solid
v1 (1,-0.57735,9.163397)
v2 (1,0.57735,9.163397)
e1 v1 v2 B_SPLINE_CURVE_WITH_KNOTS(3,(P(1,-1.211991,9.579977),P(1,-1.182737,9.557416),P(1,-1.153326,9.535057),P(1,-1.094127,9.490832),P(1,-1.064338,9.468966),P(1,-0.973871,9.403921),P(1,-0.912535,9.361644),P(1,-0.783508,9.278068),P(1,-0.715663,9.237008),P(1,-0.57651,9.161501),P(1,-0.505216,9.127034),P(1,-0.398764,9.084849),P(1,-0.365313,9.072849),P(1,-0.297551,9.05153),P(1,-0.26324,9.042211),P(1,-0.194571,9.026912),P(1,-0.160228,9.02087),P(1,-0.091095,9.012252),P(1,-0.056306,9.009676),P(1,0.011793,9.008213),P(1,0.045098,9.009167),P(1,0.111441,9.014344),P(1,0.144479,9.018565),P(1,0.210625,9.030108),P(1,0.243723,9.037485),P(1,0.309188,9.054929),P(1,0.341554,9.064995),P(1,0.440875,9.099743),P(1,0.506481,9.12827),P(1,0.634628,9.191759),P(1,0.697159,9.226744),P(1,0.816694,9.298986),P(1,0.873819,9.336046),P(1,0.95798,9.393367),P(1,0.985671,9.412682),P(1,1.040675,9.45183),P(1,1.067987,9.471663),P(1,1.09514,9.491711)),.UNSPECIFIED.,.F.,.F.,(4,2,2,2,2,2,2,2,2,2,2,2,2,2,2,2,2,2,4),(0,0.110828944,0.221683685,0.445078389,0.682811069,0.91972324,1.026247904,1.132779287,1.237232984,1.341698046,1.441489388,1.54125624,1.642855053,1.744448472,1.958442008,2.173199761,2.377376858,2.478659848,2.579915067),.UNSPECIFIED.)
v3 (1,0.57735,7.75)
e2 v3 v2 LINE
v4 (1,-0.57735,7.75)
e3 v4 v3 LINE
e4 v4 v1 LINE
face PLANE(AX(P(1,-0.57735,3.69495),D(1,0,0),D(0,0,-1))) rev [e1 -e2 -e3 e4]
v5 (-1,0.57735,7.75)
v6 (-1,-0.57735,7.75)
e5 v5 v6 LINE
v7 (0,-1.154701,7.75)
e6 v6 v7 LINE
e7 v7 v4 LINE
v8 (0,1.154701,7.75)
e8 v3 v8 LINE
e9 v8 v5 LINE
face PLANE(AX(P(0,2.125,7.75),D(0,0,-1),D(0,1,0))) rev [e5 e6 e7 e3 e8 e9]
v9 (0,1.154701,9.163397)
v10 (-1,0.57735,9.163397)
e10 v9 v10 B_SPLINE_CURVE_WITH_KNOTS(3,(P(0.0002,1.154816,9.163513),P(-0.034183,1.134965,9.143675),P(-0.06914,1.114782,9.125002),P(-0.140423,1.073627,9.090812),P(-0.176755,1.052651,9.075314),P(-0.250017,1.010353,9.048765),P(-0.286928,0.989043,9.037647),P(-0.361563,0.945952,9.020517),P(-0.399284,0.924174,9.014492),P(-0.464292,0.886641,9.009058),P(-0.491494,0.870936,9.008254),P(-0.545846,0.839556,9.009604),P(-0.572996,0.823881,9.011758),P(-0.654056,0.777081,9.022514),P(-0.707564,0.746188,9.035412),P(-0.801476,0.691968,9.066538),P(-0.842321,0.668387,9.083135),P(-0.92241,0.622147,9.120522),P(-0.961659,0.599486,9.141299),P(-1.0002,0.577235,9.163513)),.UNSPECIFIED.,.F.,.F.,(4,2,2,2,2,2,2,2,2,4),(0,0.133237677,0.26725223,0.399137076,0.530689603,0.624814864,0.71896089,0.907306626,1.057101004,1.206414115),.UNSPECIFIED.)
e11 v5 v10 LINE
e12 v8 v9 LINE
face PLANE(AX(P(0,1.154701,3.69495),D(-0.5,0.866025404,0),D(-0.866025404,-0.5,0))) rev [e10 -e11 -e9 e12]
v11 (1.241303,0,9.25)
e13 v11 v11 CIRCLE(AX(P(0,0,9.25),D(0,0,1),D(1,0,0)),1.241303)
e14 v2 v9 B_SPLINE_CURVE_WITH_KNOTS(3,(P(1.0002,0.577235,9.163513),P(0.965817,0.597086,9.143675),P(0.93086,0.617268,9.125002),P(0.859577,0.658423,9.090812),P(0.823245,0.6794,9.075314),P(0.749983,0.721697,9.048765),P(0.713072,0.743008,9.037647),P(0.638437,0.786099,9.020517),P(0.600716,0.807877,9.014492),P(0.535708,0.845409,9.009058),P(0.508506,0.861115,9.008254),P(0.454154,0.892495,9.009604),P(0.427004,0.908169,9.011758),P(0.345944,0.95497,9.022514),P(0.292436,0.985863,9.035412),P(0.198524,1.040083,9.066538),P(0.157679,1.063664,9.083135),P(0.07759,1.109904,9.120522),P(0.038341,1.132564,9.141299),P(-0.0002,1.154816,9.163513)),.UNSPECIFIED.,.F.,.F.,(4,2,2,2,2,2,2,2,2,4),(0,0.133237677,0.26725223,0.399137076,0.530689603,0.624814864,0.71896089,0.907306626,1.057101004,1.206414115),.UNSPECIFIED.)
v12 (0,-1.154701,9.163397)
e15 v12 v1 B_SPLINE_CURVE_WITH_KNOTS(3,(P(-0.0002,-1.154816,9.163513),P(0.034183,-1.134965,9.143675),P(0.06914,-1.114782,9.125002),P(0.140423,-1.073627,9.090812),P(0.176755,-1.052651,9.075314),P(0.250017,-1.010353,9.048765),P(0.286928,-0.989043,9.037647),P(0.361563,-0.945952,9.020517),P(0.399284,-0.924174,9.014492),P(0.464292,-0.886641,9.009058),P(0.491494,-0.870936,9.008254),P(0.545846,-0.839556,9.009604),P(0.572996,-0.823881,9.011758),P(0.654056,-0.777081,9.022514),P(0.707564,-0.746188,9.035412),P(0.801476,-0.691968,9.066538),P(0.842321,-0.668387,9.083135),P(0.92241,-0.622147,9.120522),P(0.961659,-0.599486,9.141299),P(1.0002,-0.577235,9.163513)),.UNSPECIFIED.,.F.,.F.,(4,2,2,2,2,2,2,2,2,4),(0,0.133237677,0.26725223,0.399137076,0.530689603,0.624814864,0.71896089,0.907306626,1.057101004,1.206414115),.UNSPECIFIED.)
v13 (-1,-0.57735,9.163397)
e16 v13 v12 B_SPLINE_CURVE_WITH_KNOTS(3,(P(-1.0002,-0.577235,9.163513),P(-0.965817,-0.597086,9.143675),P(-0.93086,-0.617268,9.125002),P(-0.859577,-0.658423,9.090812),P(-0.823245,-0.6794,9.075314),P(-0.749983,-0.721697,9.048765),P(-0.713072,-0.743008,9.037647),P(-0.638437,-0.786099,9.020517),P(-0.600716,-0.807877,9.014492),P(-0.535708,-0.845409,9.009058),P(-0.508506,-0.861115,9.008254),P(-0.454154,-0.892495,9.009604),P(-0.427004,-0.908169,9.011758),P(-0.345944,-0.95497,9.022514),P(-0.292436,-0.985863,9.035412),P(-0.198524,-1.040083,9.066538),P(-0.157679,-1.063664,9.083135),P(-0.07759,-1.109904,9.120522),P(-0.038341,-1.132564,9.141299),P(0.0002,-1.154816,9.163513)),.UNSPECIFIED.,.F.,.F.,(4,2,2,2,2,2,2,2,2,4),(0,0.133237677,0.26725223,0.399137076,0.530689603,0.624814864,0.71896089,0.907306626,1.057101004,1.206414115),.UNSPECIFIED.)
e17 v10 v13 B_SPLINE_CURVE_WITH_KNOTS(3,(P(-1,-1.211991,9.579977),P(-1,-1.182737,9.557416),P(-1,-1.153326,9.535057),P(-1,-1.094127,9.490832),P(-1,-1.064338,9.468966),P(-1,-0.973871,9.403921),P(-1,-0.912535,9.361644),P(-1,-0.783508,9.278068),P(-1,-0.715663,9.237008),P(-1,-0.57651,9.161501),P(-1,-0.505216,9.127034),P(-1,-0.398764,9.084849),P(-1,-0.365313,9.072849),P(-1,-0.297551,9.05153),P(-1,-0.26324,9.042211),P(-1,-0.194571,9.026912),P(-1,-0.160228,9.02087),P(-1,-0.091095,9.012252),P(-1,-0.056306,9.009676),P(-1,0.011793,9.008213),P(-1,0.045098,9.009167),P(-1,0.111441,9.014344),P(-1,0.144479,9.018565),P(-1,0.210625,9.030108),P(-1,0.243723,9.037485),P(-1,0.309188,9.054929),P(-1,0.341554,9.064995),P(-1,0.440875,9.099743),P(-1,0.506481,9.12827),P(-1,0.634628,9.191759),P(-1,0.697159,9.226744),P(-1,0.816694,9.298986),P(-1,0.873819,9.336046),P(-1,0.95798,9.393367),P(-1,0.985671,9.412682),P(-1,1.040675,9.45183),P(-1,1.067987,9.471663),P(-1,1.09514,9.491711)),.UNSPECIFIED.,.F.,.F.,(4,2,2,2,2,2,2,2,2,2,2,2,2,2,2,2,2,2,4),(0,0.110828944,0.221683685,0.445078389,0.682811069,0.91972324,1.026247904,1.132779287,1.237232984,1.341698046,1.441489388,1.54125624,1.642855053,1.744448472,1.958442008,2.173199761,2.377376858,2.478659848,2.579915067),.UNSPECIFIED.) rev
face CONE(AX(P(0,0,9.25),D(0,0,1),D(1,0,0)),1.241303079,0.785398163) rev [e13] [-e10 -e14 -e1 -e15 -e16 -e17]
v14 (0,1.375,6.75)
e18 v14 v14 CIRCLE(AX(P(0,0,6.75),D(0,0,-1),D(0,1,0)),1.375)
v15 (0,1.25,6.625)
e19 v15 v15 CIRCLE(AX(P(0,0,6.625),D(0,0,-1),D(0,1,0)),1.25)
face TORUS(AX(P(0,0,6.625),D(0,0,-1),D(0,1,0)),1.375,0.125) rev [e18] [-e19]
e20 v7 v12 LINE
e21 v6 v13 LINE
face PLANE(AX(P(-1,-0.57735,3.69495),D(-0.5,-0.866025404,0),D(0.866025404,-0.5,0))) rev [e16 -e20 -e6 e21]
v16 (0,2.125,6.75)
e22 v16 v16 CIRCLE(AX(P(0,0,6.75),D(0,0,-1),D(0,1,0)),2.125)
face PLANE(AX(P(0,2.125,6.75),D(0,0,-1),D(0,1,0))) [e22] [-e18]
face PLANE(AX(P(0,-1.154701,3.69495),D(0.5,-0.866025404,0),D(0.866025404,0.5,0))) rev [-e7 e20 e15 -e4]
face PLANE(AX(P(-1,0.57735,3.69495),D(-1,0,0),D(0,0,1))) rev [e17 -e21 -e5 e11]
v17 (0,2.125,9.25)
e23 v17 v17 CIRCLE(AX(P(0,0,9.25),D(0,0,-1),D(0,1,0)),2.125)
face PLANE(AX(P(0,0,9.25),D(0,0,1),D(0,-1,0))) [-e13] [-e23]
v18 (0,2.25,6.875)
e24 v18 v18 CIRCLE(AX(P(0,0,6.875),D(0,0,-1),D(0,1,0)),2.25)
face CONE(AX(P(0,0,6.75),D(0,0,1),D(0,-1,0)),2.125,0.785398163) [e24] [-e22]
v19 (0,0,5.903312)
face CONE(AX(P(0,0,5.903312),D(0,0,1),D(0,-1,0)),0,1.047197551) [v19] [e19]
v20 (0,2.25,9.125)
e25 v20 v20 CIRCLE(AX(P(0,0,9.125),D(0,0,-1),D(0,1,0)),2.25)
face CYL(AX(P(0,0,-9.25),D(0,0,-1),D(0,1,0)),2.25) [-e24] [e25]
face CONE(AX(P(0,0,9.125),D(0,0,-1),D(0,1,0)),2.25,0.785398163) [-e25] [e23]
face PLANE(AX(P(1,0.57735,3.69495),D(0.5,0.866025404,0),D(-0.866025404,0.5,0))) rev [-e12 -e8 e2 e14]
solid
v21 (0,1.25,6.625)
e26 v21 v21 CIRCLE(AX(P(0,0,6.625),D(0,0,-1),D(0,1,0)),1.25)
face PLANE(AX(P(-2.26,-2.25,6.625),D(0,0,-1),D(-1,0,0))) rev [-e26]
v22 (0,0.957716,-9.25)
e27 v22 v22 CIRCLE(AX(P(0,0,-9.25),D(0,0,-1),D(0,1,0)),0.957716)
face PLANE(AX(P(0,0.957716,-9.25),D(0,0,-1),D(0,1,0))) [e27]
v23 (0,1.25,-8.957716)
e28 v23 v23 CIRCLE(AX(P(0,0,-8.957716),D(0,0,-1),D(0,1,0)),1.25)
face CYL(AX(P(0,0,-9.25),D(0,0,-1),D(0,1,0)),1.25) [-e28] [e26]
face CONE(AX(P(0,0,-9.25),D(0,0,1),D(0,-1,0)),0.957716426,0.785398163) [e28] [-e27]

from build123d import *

# Parameters (mm, degrees)
CUT_EXTRUDE1_DEPTH     = 1.5
SPLIT1_SURFACE_1_BACK  = 20.564
SPLIT1_SURFACE_1_DEPTH = 41.128
SPLIT1_SURFACE_2_BACK  = 20.564
SPLIT1_SURFACE_2_DEPTH = 41.128


with BuildPart() as part:
    # Sketch2 → Revolve1 (revolve)
    with BuildSketch(Plane(origin=(0, 0, 0), x_dir=(0, 0, -1), z_dir=(1, 0, 0))):
        with BuildLine():
            Line((-9.25, 0), (-9.25, 2.125))
            Line((-9.25, 2.125), (-9.125, 2.25))
            Line((-9.125, 2.25), (-6.875, 2.25))
            Line((-6.875, 2.25), (-6.75, 2.125))
            Line((-6.75, 2.125), (-6.75, 1.375))
            ThreePointArc((-6.75, 1.375), (-6.713388348, 1.286611652), (-6.625, 1.25))
            Line((-6.625, 1.25), (8.957716426, 1.25))
            Line((8.957716426, 1.25), (9.25, 0.957716426))
            Line((9.25, 0.957716426), (9.25, 0))
            Line((9.25, 0), (-9.25, 0))
        make_face()
    revolve(axis=Axis((0, 0, -9.25), (0, 0, 1)))

    # Sketch3 → Cut-Extrude1 (cut)
    with BuildSketch(Plane.XY.offset(9.25)):
        Polygon((1, -0.577350269), (1, 0.577350269), (0, 1.154700538), (-1, 0.577350269), (-1, -0.577350269), (0, -1.154700538), align=None)
    extrude(amount=-CUT_EXTRUDE1_DEPTH, mode=Mode.SUBTRACT)

    # Cut-Extrude2 cone 1 section (through the dimple's axis) → Cut-Extrude2 (revolve, cut)
    with BuildSketch(Plane(origin=(0, 0, 9.25), x_dir=(0, -1, 0), z_dir=(1, 0, 0))):
        Polygon((0, 0), (1.241303079, 0), (0, 1.241303079), align=None)
    revolve(axis=Axis((0, 0, 9.25), (0, 0, -1)), mode=Mode.SUBTRACT)


with BuildPart() as body_2:
    # Split1: the piece behind the surface
    add(part.part)
    # Split1 surface: a surface, the sketch's curves swept straight by 41.128 mm
    with BuildLine(Plane(origin=(0, 0, 0), x_dir=(0, 0, -1), z_dir=(1, 0, 0)).offset(-SPLIT1_SURFACE_1_BACK), mode=Mode.PRIVATE) as split1_surface_1_path:
        Line((-6.625, -2.25), (-6.625, 2.25))
    split1_surface_1 = Shell.extrude(split1_surface_1_path.wire(), (1 * SPLIT1_SURFACE_1_DEPTH, 0 * SPLIT1_SURFACE_1_DEPTH, 0 * SPLIT1_SURFACE_1_DEPTH))
    split(bisect_by=split1_surface_1, keep=Keep.BOTTOM)


with BuildPart() as part_1:
    add(part.part)

    # Split1: split by a surface, the side it looks to stays
    # Split1 surface: a surface, the sketch's curves swept straight by 41.128 mm
    with BuildLine(Plane(origin=(0, 0, 0), x_dir=(0, 0, -1), z_dir=(1, 0, 0)).offset(-SPLIT1_SURFACE_2_BACK), mode=Mode.PRIVATE) as split1_surface_2_path:
        Line((-6.625, -2.25), (-6.625, 2.25))
    split1_surface_2 = Shell.extrude(split1_surface_2_path.wire(), (1 * SPLIT1_SURFACE_2_DEPTH, 0 * SPLIT1_SURFACE_2_DEPTH, 0 * SPLIT1_SURFACE_2_DEPTH))
    split(bisect_by=split1_surface_2, keep=Keep.TOP)

    # Sketch8 → Revolve2 (revolve)
    with BuildSketch(Plane(origin=(0, 0, 0), x_dir=(0, 0, -1), z_dir=(1, 0, 0)), mode=Mode.PRIVATE) as revolve2_sk:
        Polygon((-6.75, 0), (-6.75, 1.25), (-6.625, 1.25), (-5.903312164, 0), align=None)
    revolve(revolve2_sk.sketch.rotate(Axis((0, 0, 5.903312164), (0, 0, 1)), 270), axis=Axis((0, 0, 5.903312164), (0, 0, 1)))


solid = Compound([body_2.part, part_1.part])
